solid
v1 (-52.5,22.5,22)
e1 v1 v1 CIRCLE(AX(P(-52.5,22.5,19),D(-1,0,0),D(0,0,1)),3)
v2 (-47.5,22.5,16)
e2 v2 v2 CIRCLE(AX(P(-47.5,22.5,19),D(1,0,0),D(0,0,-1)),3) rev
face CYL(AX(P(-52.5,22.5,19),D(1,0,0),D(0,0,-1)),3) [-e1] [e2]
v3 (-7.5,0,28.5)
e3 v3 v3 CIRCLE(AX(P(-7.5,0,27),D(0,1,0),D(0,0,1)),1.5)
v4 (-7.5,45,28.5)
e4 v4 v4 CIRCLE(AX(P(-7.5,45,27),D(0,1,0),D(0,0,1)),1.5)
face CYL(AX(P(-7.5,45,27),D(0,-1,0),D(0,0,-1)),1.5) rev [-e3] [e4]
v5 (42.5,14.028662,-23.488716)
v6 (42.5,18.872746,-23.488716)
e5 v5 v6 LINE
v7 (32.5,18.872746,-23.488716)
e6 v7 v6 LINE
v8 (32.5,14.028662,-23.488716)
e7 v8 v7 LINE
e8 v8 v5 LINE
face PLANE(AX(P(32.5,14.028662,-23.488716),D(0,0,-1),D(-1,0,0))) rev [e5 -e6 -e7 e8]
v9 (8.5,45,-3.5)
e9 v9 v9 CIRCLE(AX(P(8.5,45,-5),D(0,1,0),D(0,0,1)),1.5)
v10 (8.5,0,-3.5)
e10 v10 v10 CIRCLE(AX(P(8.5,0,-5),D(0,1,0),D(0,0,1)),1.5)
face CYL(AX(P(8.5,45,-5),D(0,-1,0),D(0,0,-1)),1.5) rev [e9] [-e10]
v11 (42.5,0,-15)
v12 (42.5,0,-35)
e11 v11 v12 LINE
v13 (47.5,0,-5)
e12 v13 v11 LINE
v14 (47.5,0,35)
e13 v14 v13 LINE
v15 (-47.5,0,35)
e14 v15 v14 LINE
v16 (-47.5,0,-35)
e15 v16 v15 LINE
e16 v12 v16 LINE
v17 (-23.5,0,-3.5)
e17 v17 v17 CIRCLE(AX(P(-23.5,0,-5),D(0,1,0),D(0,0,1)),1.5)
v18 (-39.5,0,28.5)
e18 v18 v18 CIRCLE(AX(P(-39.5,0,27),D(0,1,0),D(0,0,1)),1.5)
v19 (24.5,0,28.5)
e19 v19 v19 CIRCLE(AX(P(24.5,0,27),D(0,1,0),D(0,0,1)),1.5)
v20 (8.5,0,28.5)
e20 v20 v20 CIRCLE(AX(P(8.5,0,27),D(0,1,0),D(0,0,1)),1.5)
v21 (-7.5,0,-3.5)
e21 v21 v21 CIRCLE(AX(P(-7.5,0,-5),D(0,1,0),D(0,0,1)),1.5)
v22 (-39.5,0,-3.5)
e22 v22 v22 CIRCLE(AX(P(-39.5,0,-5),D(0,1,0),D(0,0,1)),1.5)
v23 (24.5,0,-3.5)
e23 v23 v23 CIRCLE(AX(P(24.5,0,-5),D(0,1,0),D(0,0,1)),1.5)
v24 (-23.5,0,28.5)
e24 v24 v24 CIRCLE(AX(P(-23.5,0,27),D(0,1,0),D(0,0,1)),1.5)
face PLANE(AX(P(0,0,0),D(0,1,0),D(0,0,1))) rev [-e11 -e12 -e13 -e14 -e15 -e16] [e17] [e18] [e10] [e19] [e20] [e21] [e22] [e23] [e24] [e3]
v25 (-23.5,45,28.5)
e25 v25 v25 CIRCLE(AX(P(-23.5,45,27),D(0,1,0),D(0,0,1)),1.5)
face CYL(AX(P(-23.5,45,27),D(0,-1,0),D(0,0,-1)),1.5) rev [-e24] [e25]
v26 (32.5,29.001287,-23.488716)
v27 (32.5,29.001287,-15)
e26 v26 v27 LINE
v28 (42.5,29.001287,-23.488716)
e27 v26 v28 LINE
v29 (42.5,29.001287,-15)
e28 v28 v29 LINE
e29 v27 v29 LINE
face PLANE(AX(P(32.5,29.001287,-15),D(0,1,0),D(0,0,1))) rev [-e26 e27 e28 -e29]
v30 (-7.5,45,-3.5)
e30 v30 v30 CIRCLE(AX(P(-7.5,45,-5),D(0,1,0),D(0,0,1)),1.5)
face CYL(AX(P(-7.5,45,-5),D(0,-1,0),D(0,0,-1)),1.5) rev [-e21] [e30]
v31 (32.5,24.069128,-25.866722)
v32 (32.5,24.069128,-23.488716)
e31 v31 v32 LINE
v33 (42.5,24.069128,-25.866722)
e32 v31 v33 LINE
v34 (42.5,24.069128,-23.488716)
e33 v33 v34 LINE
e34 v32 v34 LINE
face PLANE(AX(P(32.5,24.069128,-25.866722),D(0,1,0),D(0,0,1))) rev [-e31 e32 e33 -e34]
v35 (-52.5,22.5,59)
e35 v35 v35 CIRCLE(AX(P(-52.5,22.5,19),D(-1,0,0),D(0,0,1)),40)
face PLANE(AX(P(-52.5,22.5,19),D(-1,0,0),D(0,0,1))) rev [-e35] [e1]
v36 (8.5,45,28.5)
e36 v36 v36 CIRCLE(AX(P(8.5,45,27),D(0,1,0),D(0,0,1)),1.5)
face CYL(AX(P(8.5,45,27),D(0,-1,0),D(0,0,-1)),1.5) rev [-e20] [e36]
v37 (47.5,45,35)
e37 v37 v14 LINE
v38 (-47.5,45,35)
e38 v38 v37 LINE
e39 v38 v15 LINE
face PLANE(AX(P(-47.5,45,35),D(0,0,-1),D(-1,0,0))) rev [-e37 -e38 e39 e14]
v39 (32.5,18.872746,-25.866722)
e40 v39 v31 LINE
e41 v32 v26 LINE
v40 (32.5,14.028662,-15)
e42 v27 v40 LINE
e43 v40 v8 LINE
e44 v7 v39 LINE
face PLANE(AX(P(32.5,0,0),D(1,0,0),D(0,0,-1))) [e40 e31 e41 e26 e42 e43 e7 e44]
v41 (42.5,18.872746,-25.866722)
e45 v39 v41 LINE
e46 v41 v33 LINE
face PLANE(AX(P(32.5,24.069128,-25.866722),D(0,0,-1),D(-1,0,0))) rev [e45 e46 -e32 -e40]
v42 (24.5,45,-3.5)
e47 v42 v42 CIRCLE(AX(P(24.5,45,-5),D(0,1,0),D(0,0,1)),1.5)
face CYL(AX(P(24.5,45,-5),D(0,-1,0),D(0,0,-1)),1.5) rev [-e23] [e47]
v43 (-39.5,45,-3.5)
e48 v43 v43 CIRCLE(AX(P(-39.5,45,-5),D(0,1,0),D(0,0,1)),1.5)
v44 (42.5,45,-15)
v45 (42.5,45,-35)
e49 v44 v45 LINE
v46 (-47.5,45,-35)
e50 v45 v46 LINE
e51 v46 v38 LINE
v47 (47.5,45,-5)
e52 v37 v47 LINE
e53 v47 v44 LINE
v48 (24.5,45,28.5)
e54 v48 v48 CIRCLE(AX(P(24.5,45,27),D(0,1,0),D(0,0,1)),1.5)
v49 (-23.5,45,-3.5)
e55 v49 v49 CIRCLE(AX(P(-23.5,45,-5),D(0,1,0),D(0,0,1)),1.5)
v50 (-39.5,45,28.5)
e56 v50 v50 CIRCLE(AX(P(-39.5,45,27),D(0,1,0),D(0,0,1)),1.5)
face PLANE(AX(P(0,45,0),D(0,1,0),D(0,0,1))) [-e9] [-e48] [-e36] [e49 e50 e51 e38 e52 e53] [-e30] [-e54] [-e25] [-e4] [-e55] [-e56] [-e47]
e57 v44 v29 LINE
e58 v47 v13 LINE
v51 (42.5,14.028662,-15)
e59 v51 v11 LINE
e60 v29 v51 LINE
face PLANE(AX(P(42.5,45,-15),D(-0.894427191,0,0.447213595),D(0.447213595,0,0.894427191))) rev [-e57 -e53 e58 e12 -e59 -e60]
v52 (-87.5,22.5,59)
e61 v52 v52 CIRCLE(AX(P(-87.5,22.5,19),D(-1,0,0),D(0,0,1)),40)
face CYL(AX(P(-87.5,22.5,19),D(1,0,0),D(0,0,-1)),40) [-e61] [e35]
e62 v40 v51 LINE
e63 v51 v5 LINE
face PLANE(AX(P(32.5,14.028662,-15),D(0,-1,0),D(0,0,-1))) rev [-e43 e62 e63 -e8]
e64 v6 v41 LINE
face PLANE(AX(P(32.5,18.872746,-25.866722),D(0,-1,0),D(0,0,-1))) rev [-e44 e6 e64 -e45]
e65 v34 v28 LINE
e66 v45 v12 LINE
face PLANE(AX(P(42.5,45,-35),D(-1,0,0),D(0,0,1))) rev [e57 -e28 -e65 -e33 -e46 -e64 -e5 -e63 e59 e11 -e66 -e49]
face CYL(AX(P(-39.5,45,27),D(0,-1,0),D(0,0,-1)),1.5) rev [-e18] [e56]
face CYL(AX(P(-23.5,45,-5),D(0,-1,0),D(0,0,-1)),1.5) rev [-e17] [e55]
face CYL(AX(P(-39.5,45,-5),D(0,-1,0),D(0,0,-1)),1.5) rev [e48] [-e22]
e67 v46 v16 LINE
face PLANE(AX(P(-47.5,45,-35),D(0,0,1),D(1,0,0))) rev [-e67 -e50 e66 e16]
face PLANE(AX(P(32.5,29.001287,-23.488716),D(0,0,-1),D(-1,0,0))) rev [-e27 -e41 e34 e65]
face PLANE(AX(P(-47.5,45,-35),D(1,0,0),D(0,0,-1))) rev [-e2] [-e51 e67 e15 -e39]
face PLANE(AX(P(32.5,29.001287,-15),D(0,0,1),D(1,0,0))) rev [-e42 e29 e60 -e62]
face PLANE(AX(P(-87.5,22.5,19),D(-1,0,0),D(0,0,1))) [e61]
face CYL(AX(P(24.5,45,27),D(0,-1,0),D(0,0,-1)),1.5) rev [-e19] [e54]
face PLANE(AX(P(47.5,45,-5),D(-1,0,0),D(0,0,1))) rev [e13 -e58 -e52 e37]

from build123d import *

# Parameters (mm, degrees)
SKETCH_1_R          = 1.5
EXTRUDE_1_DEPTH     = 45
CUT_EXTRUDE_1_DEPTH = 10
SKETCH_3_R          = 3
EXTRUDE_2_DEPTH     = 5
SKETCH_4_R          = 40
EXTRUDE_3_DEPTH     = 35


with BuildPart() as part:
    # 草图1 → 凸台-拉伸1 (new body)
    with BuildSketch(Plane(origin=(0, 0, 0), x_dir=(1, 0, 0), z_dir=(0, 1, 0))):
        Polygon((42.5, 35), (42.5, 15), (47.5, 5), (47.5, -35), (-47.5, -35), (-47.5, 35), align=None)
        with Locations((-39.5, -27)):
            Circle(SKETCH_1_R, mode=Mode.SUBTRACT)
        with Locations((-23.5, -27)):
            Circle(SKETCH_1_R, mode=Mode.SUBTRACT)
        with Locations((-7.5, -27)):
            Circle(SKETCH_1_R, mode=Mode.SUBTRACT)
        with Locations((8.5, -27)):
            Circle(SKETCH_1_R, mode=Mode.SUBTRACT)
        with Locations((24.5, -27)):
            Circle(SKETCH_1_R, mode=Mode.SUBTRACT)
        with Locations((-23.5, 5)):
            Circle(SKETCH_1_R, mode=Mode.SUBTRACT)
        with Locations((-7.5, 5)):
            Circle(SKETCH_1_R, mode=Mode.SUBTRACT)
        with Locations((8.5, 5)):
            Circle(SKETCH_1_R, mode=Mode.SUBTRACT)
        with Locations((24.5, 5)):
            Circle(SKETCH_1_R, mode=Mode.SUBTRACT)
        with Locations((-39.5, 5)):
            Circle(SKETCH_1_R, mode=Mode.SUBTRACT)
    extrude(amount=EXTRUDE_1_DEPTH)

    # 草图2 → 切除-拉伸1 (cut)
    with BuildSketch(Plane(origin=(42.5, 0, 0), x_dir=(0, 0, -1), z_dir=(1, 0, 0))):
        Polygon((15, 29.001286667), (23.488716393, 29.001286667), (23.488716393, 24.069127899), (25.866721513, 24.069127899), (25.866721513, 18.87274634), (23.488716393, 18.87274634), (23.488716393, 14.028661836), (15, 14.028661836), align=None)
    extrude(amount=-CUT_EXTRUDE_1_DEPTH, mode=Mode.SUBTRACT)

    # 草图3 → 凸台-拉伸2 (add)
    with BuildSketch(Plane.ZY.offset(47.5)):
        with Locations((19, 22.5)):
            Circle(SKETCH_3_R)
    extrude(amount=EXTRUDE_2_DEPTH)

    # 草图4 → 凸台-拉伸3 (add)
    with BuildSketch(Plane.ZY.offset(52.5)):
        with Locations((19, 22.5)):
            Circle(SKETCH_4_R)
    extrude(amount=EXTRUDE_3_DEPTH)


solid = part.part
